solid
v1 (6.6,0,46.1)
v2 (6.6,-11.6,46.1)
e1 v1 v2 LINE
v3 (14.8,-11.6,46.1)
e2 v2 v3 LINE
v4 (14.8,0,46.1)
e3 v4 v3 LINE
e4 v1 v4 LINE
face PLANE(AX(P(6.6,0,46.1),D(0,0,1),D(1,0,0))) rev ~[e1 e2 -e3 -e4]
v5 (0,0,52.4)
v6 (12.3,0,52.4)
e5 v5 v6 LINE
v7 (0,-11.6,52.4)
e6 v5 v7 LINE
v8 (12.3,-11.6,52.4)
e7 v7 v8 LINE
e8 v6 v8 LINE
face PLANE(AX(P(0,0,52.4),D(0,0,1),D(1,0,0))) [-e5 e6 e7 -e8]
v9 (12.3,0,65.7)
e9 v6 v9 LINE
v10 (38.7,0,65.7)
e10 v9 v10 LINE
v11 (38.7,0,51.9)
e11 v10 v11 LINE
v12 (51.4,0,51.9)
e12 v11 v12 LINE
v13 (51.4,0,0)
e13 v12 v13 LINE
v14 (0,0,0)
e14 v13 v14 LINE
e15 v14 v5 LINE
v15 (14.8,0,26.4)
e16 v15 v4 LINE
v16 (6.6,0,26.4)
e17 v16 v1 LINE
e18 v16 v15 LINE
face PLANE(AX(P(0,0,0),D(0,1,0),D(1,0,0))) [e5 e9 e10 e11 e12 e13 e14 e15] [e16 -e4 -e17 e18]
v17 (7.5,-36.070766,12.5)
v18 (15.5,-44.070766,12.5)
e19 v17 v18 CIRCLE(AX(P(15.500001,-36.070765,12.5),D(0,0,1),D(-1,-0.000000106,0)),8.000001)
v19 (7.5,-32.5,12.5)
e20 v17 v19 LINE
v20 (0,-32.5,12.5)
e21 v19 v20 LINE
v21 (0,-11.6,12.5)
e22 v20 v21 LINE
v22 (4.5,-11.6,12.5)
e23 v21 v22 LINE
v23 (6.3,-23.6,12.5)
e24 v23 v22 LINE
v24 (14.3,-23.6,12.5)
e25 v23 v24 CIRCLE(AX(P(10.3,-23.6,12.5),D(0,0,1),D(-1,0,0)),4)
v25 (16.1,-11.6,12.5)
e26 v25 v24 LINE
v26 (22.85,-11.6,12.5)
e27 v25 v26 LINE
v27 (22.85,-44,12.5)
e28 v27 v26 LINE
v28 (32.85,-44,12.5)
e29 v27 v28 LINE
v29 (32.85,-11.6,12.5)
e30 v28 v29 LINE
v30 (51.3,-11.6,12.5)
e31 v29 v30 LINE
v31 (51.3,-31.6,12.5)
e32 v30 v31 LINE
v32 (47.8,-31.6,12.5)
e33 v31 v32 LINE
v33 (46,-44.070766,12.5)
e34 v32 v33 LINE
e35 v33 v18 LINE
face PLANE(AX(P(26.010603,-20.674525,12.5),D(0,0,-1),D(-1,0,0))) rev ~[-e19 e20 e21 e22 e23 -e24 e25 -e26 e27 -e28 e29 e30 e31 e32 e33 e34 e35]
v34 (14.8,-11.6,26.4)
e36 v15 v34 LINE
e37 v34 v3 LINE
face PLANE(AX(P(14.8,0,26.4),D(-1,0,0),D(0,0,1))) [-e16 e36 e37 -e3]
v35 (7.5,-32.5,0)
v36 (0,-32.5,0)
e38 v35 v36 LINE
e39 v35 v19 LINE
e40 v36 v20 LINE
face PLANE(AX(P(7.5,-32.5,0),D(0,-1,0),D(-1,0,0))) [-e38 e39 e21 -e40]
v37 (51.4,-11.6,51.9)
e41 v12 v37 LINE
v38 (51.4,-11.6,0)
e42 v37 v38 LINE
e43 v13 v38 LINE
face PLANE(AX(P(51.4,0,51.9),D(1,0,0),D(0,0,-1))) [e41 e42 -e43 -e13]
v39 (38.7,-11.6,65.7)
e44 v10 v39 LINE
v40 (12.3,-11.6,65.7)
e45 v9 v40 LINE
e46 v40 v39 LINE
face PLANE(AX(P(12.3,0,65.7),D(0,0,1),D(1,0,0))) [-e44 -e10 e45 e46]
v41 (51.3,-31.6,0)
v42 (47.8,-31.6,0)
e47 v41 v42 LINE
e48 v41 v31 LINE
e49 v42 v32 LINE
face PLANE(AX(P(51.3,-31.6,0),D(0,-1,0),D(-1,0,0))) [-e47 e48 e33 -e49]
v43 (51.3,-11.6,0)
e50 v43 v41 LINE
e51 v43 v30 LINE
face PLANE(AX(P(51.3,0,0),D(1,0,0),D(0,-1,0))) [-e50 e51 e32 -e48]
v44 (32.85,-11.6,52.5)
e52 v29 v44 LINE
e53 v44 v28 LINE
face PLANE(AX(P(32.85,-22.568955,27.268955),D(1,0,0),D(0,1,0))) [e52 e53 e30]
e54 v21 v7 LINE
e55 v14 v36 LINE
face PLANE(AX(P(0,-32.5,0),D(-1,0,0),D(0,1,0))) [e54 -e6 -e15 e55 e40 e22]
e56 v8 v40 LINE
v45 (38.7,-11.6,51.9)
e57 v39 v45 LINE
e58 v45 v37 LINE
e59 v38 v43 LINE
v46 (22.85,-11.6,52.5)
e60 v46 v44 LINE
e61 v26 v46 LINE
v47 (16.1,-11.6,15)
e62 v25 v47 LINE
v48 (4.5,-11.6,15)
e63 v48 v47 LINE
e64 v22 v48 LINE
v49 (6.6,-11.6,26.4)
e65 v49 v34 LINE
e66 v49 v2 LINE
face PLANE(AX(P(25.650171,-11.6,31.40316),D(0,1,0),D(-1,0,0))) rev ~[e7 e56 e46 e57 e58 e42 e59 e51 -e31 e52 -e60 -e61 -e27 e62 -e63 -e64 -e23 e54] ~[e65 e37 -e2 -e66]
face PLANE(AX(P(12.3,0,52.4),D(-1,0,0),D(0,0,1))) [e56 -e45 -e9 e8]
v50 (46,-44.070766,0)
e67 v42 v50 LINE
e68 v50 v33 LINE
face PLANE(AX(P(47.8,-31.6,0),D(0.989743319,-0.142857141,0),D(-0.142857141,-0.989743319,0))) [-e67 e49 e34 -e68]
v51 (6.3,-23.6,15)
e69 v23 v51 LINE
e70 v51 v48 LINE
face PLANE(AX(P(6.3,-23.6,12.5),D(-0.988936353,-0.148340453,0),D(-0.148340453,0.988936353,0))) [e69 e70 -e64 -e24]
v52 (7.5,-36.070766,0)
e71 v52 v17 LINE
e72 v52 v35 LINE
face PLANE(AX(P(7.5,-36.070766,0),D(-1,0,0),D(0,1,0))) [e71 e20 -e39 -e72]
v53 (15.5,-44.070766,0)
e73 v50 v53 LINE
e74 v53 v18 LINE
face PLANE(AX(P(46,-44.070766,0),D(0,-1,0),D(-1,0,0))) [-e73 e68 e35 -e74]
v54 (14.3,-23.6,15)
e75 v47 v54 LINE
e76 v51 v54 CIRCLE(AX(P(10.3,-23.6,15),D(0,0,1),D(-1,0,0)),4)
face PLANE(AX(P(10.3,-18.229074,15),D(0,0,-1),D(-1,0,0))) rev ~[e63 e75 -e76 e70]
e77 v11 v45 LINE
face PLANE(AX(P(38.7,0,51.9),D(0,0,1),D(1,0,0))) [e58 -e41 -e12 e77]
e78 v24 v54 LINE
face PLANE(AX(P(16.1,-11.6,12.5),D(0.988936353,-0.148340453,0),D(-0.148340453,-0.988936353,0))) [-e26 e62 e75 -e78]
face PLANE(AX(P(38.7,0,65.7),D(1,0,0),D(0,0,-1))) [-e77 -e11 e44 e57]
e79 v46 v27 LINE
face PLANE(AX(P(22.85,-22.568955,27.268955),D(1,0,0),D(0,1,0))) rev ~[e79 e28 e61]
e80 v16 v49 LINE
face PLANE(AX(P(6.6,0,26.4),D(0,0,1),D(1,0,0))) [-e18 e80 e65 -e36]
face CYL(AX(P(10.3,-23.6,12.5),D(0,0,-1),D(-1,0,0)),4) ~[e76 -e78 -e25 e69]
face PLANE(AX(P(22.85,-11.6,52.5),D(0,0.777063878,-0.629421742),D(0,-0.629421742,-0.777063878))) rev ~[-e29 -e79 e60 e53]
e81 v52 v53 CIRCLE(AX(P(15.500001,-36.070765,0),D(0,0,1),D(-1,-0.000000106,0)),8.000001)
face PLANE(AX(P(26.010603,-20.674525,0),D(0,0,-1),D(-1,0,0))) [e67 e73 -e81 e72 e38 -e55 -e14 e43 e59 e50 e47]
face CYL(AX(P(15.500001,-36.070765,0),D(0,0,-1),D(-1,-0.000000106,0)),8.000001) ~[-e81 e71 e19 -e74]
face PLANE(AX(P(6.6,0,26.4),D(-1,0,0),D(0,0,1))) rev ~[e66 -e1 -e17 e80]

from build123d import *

# Parameters (mm, degrees)
PAD002_DEPTH = 10
SKETCH001_W  = 8.2
SKETCH001_H  = 19.7
PAD001_DEPTH = 11.6
PAD_DEPTH    = 12.5
PAD003_DEPTH = 2.5


with BuildPart() as escuadra:
    # Sketch002 → Pad002 (new body)
    with BuildSketch(Plane.YZ.offset(22.85)):
        Polygon((-44, 12.5), (-11.6, 12.5), (-11.6, 52.5), align=None)
    extrude(amount=PAD002_DEPTH)


with BuildPart() as vertical_orificio:
    # Sketch001 → Pad001 (new body)
    with BuildSketch(Plane.XZ):
        Polygon((0, 0), (0, 52.4), (12.3, 52.4), (12.3, 65.7), (38.7, 65.7), (38.7, 51.9), (51.4, 51.9), (51.4, 0), align=None)
        with Locations((10.7, 36.25)):
            Rectangle(SKETCH001_W, SKETCH001_H, mode=Mode.SUBTRACT)
    extrude(amount=PAD001_DEPTH)


with BuildPart() as escuadra_central:
    # Sketch → Pad (new body)
    with BuildSketch(Plane.XY):
        with BuildLine():
            Line((0, 0), (51.3, 0))
            Line((51.3, 0), (51.3, -31.6))
            Line((51.3, -31.6), (47.8, -31.6))
            Line((47.8, -31.6), (46, -44.070766))
            Line((46, -44.070766), (15.5, -44.070766))
            ThreePointArc((7.5, -36.070766), (9.843146, -41.72762), (15.5, -44.070766))
            Line((7.5, -36.070766), (7.5, -32.5))
            Line((7.5, -32.5), (0, -32.5))
            Line((0, -32.5), (0, 0))
        make_face()
    extrude(amount=PAD_DEPTH)

    # Sketch003 → Pad003 (new body)
    with BuildSketch(Plane.XY.offset(12.5)):
        with BuildLine():
            Line((4.5, -11.6), (16.1, -11.6))
            Line((16.1, -11.6), (14.3, -23.6))
            ThreePointArc((6.3, -23.6), (10.3, -27.6), (14.3, -23.6))
            Line((6.3, -23.6), (4.5, -11.6))
        make_face()
    extrude(amount=PAD003_DEPTH)

    # Fusion: union escuadra, vertical-orificio
    add(escuadra.part)
    add(vertical_orificio.part)


solid = escuadra_central.part
